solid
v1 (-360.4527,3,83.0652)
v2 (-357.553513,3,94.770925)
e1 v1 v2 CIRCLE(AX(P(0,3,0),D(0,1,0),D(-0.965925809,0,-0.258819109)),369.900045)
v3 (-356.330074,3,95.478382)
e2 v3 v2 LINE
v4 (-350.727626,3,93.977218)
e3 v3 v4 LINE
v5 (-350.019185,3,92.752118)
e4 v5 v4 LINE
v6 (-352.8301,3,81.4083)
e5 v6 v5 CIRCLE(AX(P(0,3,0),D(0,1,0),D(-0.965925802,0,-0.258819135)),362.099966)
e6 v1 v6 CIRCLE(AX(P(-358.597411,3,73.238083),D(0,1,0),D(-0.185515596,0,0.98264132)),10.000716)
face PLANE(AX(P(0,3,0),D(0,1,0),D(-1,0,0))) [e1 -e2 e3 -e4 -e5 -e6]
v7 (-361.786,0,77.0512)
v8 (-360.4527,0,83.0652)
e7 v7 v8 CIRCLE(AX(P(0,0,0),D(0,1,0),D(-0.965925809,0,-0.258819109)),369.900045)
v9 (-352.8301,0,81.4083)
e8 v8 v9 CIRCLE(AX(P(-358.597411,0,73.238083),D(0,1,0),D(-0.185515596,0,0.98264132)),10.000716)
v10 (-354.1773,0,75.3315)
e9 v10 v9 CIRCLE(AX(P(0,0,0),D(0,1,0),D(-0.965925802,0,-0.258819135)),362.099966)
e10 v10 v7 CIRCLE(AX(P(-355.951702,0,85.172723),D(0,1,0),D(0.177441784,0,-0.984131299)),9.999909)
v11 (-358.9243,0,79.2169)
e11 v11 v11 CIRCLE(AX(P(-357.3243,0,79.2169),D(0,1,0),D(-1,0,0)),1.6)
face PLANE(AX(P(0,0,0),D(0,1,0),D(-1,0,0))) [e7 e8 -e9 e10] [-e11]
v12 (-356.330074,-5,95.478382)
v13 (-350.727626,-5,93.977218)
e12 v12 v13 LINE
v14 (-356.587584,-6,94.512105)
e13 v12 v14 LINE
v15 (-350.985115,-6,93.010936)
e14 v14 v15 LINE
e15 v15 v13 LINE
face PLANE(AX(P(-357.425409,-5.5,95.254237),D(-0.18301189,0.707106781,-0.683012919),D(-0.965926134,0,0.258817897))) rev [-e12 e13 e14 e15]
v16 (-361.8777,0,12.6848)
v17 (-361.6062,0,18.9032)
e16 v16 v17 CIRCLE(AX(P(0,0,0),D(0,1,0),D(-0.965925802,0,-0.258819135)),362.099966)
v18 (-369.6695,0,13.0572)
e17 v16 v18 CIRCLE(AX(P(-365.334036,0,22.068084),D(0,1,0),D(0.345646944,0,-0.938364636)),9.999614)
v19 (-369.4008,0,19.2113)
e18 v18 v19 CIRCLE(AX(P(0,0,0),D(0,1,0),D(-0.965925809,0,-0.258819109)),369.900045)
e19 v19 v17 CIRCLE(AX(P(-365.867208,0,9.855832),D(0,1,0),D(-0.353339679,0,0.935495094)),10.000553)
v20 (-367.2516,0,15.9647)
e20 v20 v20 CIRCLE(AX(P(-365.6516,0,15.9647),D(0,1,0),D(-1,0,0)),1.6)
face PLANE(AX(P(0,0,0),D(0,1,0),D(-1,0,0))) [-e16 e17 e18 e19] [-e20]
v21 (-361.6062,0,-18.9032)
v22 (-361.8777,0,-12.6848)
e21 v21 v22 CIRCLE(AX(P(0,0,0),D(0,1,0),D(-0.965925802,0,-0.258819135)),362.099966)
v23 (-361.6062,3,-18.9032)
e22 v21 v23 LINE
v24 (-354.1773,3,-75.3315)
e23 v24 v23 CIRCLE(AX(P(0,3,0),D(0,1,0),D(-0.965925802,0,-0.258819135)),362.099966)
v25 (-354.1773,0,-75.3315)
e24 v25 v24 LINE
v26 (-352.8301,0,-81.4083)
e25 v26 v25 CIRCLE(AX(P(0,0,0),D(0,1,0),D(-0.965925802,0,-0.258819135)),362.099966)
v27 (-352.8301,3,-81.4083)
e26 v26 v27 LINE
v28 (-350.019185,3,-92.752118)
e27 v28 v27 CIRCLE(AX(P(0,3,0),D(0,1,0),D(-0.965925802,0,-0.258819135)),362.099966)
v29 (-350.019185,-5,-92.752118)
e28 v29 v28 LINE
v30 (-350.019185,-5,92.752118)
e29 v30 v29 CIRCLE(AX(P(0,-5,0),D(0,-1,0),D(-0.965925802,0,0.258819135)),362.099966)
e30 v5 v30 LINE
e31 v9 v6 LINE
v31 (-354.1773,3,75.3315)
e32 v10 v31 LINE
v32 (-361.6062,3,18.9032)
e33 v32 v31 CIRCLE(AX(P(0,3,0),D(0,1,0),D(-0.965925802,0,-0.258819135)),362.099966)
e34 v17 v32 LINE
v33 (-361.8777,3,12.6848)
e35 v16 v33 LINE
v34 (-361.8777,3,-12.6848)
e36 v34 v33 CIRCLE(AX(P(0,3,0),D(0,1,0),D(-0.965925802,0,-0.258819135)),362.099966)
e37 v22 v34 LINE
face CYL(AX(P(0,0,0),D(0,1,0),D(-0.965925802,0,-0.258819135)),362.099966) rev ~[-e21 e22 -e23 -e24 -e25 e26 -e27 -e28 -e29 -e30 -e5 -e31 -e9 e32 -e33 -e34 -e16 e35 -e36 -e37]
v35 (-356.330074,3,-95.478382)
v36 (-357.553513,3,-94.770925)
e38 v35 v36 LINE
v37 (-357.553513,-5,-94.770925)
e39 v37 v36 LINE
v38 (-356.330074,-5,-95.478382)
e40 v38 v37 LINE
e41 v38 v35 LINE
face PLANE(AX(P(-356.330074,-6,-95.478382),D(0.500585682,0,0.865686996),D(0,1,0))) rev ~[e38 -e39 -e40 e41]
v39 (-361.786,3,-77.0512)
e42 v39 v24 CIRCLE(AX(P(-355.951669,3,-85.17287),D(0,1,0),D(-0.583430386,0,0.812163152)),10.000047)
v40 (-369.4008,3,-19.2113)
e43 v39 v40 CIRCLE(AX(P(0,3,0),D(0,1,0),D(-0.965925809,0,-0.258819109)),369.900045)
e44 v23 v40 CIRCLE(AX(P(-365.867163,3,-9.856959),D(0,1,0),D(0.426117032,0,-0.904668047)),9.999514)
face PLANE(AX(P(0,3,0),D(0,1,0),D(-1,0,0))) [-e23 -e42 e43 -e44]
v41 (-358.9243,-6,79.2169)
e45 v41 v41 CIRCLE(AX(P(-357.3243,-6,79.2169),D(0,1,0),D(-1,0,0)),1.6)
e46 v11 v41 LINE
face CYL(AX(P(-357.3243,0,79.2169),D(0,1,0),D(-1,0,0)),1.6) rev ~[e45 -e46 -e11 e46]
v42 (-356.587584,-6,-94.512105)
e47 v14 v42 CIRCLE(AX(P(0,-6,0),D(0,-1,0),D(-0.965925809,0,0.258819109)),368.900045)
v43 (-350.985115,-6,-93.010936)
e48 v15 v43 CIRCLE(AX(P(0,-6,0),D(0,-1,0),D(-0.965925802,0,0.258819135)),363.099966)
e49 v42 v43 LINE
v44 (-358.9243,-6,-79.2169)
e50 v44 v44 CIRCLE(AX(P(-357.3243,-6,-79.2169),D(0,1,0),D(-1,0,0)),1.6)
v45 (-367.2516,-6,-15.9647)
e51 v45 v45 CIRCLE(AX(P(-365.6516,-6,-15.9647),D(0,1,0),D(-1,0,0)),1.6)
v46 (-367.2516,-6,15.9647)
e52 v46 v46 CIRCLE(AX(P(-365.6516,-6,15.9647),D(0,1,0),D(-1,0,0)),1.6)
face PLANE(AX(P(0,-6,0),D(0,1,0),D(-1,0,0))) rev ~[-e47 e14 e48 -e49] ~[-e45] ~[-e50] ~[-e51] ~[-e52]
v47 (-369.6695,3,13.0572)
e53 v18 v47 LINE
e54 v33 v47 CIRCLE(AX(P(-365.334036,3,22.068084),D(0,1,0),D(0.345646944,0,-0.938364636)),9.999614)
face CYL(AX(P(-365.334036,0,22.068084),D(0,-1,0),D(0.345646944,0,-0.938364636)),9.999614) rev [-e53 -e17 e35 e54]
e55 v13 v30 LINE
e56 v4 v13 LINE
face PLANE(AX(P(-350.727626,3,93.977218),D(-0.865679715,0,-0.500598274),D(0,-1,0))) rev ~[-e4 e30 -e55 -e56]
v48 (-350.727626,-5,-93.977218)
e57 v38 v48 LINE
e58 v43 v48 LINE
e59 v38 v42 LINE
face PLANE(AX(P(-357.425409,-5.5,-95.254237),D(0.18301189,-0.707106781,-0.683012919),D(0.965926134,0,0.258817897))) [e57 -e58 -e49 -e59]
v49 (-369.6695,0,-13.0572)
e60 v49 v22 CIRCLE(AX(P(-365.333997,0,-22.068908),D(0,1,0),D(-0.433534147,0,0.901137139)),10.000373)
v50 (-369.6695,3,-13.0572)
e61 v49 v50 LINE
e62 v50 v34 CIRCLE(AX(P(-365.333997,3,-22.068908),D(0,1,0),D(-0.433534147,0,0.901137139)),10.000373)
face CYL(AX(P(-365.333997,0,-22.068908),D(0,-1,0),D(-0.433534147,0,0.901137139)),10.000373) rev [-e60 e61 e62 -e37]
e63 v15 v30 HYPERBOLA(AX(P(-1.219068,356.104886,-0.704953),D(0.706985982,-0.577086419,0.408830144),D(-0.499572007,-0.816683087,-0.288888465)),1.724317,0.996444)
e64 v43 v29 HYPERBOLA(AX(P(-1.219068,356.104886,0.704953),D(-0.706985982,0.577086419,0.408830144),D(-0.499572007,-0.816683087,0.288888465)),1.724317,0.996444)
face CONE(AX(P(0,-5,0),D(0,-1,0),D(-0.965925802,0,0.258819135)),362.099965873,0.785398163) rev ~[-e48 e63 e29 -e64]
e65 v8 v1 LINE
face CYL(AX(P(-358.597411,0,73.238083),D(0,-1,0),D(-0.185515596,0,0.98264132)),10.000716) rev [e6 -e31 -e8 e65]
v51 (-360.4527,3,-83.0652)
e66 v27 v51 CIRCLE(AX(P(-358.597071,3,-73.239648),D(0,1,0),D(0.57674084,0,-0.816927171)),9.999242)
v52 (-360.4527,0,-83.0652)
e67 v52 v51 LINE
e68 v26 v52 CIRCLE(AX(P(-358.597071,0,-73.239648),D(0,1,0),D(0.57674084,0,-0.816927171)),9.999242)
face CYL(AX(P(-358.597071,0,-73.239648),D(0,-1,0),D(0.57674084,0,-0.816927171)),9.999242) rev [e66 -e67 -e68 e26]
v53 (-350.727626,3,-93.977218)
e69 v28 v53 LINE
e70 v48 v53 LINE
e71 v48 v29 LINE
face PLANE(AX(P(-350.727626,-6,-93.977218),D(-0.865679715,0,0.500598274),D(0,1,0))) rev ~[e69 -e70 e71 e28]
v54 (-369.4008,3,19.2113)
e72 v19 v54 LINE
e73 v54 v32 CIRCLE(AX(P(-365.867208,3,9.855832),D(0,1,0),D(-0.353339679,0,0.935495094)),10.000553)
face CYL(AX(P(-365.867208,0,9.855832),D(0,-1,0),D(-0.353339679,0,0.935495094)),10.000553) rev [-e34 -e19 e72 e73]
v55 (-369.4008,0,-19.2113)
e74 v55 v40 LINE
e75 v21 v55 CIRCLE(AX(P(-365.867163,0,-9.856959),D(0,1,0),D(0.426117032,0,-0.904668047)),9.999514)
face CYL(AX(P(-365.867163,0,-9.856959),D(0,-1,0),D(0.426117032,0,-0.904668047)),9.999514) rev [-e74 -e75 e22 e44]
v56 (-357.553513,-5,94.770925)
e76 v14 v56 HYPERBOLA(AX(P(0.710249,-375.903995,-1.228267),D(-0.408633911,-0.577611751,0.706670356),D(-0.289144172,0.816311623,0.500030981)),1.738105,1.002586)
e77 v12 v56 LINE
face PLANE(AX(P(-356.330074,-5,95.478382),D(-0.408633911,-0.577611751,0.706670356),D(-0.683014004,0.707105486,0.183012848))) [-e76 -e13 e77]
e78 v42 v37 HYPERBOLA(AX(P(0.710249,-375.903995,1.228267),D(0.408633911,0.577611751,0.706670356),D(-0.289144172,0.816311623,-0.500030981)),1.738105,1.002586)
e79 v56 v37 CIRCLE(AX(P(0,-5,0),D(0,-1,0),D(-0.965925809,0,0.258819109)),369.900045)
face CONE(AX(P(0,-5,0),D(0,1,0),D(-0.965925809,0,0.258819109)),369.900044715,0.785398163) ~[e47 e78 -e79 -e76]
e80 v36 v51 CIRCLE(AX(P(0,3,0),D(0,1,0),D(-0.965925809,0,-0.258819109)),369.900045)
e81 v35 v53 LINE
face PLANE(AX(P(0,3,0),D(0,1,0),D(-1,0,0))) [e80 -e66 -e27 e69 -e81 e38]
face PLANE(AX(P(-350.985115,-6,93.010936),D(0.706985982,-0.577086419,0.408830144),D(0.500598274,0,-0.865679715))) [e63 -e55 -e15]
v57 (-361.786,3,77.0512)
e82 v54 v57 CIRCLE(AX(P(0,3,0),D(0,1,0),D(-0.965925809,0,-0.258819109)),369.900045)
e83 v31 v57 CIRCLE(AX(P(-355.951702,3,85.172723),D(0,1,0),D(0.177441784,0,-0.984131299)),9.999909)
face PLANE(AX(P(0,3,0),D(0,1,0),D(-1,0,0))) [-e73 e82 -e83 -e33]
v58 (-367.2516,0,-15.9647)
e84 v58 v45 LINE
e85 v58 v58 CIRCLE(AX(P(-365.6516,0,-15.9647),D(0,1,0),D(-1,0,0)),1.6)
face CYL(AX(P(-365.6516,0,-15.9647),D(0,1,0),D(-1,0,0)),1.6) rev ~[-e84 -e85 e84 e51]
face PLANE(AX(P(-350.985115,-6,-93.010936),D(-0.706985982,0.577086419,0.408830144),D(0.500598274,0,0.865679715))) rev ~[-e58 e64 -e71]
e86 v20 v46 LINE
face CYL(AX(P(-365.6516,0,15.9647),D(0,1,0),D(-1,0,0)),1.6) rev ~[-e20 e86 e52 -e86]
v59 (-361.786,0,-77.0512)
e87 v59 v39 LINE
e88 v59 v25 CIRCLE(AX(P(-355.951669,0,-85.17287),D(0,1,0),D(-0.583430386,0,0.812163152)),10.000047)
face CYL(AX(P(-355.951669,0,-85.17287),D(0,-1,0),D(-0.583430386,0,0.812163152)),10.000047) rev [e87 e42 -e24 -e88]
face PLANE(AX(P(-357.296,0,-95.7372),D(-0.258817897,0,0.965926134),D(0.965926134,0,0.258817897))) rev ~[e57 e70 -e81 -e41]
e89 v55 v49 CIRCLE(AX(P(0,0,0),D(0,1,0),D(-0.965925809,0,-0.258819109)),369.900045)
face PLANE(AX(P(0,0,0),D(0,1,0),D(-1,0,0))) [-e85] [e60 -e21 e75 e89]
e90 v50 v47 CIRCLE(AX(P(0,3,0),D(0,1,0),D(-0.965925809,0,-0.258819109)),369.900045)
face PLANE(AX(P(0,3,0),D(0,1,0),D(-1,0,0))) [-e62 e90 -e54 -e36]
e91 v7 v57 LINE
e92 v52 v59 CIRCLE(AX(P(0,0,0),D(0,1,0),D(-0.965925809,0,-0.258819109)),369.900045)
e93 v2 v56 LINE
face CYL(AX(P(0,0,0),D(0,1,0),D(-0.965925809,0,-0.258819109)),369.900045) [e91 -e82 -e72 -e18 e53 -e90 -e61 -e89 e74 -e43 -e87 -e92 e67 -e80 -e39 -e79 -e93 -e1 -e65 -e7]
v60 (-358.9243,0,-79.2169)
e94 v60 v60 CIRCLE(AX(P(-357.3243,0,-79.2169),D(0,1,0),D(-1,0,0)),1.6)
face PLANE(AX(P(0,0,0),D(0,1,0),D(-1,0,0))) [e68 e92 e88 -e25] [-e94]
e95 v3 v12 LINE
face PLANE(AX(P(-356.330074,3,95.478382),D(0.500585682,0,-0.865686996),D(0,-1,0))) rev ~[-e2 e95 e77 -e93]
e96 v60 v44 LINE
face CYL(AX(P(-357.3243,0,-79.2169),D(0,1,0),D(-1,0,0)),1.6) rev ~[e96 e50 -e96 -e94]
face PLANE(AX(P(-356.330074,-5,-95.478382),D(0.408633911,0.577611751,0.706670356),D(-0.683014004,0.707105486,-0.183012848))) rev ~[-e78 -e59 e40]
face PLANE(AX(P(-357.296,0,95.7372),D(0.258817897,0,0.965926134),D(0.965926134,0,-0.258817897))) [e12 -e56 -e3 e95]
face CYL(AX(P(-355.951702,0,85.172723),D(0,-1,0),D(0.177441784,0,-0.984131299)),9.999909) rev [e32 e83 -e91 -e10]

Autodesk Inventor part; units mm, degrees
ref_plane "YZ Plane" through (0, 0, 0) normal (1, 0, 0) x (0, 1, 0)
ref_plane "XZ Plane" through (0, 0, 0) normal (0, 1, 0) x (-1, 0, 0)
ref_plane "XY Plane" through (0, 0, 0) normal (0, 0, 1) x (1, 0, 0)
sketch "Skizze1" plane through (0, 0, 0) normal (0, 1, 0) x (-1, 0, 0)
  arc A0 (349.7617, -93.7184) -> (349.7617, 93.7184) centre (0, 0) ccw
  arc A1 (357.296, -95.7372) -> (357.296, 95.7372) centre (0, 0) ccw
  line L0 (357.296, 95.7372) -> (0, 0) construction
  line L1 (0, 0) -> (357.296, -95.7372) construction
  line L2 (444.782, 0) -> (-74.1303, 0) construction
  line L3 (357.296, 95.7372) -> (349.7617, 93.7184)
  line L4 (357.296, -95.7372) -> (349.7617, -93.7184)
  line L5 (361.1319, 80.061) -> (0, 0) construction
  line L6 (369.5479, 16.1348) -> (0, 0) construction
  line L7 (369.5479, -16.1348) -> (0, 0) construction
  line L8 (361.1319, -80.061) -> (0, 0) construction
  arc A2 (353.5289, -94.7278) -> (353.5289, 94.7278) centre (0, 0) ccw construction
  circle A3 centre (357.3243, 79.2169) radius 1.6
  circle A4 centre (365.6516, 15.9647) radius 1.6
  circle A5 centre (365.6516, -15.9647) radius 1.6
  circle A6 centre (357.3243, -79.2169) radius 1.6
  circle A7 centre (357.3243, 79.2169) radius 3
  circle A8 centre (365.6516, 15.9647) radius 3
  circle A9 centre (365.6516, -15.9647) radius 3
  circle A10 centre (357.3243, -79.2169) radius 3
  arc A11 (360.4527, 83.0652) -> (352.8301, 81.4083) centre (358.5974, 73.2389) ccw
  arc A12 (354.1773, 75.3315) -> (361.786, 77.0512) centre (355.9517, 85.1728) ccw
  arc A13 (369.4008, 19.2113) -> (361.6062, 18.9032) centre (365.8673, 9.8564) ccw
  arc A14 (361.8777, 12.6848) -> (369.6695, 13.0572) centre (365.3341, 22.0685) ccw
  arc A15 (369.6695, -13.0572) -> (361.8777, -12.6848) centre (365.3341, -22.0685) ccw
  arc A16 (361.786, -77.0512) -> (354.1773, -75.3315) centre (355.9517, -85.1728) ccw
  arc A17 (352.8301, -81.4083) -> (360.4527, -83.0652) centre (358.5974, -73.2389) ccw
  arc A18 (361.6062, -18.9032) -> (369.4008, -19.2113) centre (365.8673, -9.8564) ccw
  circle A19 centre (357.3243, -79.2169) radius 5 construction
  circle A20 centre (365.6516, -15.9647) radius 5 construction
  circle A21 centre (365.6516, 15.9647) radius 5 construction
  circle A22 centre (357.3243, 79.2169) radius 5 construction
  dimension "d1" = 7.8
  dimension "d18" = 366
  dimension "d19" = 10
  dimension "d2" = 30
  dimension "d4" = 10
  dimension "d5" = 5
  dimension "d6" = 10
  dimension "d7" = 3.2
  dimension "d8" = 6
  dimension "d17" = 10
extrude "Extrusion1" add sketch "Skizze1" against normal blind 6 contours A0 A17 A1 L4 | A0 A16 A1 A17 | A0 A18 A1 A16 | A0 A15 A1 A18 | A0 A14 A1 A15 | A0 A13 A1 A14 | A0 A12 A1 A13 | A0 A11 A1 A12 | A0 L3 A1 A11 | A7 | A8 | A9 | A10
extrude "Extrusion2" add sketch "Skizze1" along normal blind 3 contours A0 A17 A1 L4 | A0 A18 A1 A16 | A0 A14 A1 A15 | A0 A12 A1 A13 | A0 L3 A1 A11
chamfer "Fase1" distance 1 angle 45 8 edges at (-362.1, -6, 0) (-349.7617, -1.5, 93.7184) (-357.296, -1.5, 95.7372) (-349.7617, -1.5, -93.7184) (-357.296, -1.5, -95.7372) (-369.9, -6, 0) (-353.5289, -6, -94.7278) (-353.5289, -6, 94.7278)
properties part number "LED-Ring_Connector_v2"
